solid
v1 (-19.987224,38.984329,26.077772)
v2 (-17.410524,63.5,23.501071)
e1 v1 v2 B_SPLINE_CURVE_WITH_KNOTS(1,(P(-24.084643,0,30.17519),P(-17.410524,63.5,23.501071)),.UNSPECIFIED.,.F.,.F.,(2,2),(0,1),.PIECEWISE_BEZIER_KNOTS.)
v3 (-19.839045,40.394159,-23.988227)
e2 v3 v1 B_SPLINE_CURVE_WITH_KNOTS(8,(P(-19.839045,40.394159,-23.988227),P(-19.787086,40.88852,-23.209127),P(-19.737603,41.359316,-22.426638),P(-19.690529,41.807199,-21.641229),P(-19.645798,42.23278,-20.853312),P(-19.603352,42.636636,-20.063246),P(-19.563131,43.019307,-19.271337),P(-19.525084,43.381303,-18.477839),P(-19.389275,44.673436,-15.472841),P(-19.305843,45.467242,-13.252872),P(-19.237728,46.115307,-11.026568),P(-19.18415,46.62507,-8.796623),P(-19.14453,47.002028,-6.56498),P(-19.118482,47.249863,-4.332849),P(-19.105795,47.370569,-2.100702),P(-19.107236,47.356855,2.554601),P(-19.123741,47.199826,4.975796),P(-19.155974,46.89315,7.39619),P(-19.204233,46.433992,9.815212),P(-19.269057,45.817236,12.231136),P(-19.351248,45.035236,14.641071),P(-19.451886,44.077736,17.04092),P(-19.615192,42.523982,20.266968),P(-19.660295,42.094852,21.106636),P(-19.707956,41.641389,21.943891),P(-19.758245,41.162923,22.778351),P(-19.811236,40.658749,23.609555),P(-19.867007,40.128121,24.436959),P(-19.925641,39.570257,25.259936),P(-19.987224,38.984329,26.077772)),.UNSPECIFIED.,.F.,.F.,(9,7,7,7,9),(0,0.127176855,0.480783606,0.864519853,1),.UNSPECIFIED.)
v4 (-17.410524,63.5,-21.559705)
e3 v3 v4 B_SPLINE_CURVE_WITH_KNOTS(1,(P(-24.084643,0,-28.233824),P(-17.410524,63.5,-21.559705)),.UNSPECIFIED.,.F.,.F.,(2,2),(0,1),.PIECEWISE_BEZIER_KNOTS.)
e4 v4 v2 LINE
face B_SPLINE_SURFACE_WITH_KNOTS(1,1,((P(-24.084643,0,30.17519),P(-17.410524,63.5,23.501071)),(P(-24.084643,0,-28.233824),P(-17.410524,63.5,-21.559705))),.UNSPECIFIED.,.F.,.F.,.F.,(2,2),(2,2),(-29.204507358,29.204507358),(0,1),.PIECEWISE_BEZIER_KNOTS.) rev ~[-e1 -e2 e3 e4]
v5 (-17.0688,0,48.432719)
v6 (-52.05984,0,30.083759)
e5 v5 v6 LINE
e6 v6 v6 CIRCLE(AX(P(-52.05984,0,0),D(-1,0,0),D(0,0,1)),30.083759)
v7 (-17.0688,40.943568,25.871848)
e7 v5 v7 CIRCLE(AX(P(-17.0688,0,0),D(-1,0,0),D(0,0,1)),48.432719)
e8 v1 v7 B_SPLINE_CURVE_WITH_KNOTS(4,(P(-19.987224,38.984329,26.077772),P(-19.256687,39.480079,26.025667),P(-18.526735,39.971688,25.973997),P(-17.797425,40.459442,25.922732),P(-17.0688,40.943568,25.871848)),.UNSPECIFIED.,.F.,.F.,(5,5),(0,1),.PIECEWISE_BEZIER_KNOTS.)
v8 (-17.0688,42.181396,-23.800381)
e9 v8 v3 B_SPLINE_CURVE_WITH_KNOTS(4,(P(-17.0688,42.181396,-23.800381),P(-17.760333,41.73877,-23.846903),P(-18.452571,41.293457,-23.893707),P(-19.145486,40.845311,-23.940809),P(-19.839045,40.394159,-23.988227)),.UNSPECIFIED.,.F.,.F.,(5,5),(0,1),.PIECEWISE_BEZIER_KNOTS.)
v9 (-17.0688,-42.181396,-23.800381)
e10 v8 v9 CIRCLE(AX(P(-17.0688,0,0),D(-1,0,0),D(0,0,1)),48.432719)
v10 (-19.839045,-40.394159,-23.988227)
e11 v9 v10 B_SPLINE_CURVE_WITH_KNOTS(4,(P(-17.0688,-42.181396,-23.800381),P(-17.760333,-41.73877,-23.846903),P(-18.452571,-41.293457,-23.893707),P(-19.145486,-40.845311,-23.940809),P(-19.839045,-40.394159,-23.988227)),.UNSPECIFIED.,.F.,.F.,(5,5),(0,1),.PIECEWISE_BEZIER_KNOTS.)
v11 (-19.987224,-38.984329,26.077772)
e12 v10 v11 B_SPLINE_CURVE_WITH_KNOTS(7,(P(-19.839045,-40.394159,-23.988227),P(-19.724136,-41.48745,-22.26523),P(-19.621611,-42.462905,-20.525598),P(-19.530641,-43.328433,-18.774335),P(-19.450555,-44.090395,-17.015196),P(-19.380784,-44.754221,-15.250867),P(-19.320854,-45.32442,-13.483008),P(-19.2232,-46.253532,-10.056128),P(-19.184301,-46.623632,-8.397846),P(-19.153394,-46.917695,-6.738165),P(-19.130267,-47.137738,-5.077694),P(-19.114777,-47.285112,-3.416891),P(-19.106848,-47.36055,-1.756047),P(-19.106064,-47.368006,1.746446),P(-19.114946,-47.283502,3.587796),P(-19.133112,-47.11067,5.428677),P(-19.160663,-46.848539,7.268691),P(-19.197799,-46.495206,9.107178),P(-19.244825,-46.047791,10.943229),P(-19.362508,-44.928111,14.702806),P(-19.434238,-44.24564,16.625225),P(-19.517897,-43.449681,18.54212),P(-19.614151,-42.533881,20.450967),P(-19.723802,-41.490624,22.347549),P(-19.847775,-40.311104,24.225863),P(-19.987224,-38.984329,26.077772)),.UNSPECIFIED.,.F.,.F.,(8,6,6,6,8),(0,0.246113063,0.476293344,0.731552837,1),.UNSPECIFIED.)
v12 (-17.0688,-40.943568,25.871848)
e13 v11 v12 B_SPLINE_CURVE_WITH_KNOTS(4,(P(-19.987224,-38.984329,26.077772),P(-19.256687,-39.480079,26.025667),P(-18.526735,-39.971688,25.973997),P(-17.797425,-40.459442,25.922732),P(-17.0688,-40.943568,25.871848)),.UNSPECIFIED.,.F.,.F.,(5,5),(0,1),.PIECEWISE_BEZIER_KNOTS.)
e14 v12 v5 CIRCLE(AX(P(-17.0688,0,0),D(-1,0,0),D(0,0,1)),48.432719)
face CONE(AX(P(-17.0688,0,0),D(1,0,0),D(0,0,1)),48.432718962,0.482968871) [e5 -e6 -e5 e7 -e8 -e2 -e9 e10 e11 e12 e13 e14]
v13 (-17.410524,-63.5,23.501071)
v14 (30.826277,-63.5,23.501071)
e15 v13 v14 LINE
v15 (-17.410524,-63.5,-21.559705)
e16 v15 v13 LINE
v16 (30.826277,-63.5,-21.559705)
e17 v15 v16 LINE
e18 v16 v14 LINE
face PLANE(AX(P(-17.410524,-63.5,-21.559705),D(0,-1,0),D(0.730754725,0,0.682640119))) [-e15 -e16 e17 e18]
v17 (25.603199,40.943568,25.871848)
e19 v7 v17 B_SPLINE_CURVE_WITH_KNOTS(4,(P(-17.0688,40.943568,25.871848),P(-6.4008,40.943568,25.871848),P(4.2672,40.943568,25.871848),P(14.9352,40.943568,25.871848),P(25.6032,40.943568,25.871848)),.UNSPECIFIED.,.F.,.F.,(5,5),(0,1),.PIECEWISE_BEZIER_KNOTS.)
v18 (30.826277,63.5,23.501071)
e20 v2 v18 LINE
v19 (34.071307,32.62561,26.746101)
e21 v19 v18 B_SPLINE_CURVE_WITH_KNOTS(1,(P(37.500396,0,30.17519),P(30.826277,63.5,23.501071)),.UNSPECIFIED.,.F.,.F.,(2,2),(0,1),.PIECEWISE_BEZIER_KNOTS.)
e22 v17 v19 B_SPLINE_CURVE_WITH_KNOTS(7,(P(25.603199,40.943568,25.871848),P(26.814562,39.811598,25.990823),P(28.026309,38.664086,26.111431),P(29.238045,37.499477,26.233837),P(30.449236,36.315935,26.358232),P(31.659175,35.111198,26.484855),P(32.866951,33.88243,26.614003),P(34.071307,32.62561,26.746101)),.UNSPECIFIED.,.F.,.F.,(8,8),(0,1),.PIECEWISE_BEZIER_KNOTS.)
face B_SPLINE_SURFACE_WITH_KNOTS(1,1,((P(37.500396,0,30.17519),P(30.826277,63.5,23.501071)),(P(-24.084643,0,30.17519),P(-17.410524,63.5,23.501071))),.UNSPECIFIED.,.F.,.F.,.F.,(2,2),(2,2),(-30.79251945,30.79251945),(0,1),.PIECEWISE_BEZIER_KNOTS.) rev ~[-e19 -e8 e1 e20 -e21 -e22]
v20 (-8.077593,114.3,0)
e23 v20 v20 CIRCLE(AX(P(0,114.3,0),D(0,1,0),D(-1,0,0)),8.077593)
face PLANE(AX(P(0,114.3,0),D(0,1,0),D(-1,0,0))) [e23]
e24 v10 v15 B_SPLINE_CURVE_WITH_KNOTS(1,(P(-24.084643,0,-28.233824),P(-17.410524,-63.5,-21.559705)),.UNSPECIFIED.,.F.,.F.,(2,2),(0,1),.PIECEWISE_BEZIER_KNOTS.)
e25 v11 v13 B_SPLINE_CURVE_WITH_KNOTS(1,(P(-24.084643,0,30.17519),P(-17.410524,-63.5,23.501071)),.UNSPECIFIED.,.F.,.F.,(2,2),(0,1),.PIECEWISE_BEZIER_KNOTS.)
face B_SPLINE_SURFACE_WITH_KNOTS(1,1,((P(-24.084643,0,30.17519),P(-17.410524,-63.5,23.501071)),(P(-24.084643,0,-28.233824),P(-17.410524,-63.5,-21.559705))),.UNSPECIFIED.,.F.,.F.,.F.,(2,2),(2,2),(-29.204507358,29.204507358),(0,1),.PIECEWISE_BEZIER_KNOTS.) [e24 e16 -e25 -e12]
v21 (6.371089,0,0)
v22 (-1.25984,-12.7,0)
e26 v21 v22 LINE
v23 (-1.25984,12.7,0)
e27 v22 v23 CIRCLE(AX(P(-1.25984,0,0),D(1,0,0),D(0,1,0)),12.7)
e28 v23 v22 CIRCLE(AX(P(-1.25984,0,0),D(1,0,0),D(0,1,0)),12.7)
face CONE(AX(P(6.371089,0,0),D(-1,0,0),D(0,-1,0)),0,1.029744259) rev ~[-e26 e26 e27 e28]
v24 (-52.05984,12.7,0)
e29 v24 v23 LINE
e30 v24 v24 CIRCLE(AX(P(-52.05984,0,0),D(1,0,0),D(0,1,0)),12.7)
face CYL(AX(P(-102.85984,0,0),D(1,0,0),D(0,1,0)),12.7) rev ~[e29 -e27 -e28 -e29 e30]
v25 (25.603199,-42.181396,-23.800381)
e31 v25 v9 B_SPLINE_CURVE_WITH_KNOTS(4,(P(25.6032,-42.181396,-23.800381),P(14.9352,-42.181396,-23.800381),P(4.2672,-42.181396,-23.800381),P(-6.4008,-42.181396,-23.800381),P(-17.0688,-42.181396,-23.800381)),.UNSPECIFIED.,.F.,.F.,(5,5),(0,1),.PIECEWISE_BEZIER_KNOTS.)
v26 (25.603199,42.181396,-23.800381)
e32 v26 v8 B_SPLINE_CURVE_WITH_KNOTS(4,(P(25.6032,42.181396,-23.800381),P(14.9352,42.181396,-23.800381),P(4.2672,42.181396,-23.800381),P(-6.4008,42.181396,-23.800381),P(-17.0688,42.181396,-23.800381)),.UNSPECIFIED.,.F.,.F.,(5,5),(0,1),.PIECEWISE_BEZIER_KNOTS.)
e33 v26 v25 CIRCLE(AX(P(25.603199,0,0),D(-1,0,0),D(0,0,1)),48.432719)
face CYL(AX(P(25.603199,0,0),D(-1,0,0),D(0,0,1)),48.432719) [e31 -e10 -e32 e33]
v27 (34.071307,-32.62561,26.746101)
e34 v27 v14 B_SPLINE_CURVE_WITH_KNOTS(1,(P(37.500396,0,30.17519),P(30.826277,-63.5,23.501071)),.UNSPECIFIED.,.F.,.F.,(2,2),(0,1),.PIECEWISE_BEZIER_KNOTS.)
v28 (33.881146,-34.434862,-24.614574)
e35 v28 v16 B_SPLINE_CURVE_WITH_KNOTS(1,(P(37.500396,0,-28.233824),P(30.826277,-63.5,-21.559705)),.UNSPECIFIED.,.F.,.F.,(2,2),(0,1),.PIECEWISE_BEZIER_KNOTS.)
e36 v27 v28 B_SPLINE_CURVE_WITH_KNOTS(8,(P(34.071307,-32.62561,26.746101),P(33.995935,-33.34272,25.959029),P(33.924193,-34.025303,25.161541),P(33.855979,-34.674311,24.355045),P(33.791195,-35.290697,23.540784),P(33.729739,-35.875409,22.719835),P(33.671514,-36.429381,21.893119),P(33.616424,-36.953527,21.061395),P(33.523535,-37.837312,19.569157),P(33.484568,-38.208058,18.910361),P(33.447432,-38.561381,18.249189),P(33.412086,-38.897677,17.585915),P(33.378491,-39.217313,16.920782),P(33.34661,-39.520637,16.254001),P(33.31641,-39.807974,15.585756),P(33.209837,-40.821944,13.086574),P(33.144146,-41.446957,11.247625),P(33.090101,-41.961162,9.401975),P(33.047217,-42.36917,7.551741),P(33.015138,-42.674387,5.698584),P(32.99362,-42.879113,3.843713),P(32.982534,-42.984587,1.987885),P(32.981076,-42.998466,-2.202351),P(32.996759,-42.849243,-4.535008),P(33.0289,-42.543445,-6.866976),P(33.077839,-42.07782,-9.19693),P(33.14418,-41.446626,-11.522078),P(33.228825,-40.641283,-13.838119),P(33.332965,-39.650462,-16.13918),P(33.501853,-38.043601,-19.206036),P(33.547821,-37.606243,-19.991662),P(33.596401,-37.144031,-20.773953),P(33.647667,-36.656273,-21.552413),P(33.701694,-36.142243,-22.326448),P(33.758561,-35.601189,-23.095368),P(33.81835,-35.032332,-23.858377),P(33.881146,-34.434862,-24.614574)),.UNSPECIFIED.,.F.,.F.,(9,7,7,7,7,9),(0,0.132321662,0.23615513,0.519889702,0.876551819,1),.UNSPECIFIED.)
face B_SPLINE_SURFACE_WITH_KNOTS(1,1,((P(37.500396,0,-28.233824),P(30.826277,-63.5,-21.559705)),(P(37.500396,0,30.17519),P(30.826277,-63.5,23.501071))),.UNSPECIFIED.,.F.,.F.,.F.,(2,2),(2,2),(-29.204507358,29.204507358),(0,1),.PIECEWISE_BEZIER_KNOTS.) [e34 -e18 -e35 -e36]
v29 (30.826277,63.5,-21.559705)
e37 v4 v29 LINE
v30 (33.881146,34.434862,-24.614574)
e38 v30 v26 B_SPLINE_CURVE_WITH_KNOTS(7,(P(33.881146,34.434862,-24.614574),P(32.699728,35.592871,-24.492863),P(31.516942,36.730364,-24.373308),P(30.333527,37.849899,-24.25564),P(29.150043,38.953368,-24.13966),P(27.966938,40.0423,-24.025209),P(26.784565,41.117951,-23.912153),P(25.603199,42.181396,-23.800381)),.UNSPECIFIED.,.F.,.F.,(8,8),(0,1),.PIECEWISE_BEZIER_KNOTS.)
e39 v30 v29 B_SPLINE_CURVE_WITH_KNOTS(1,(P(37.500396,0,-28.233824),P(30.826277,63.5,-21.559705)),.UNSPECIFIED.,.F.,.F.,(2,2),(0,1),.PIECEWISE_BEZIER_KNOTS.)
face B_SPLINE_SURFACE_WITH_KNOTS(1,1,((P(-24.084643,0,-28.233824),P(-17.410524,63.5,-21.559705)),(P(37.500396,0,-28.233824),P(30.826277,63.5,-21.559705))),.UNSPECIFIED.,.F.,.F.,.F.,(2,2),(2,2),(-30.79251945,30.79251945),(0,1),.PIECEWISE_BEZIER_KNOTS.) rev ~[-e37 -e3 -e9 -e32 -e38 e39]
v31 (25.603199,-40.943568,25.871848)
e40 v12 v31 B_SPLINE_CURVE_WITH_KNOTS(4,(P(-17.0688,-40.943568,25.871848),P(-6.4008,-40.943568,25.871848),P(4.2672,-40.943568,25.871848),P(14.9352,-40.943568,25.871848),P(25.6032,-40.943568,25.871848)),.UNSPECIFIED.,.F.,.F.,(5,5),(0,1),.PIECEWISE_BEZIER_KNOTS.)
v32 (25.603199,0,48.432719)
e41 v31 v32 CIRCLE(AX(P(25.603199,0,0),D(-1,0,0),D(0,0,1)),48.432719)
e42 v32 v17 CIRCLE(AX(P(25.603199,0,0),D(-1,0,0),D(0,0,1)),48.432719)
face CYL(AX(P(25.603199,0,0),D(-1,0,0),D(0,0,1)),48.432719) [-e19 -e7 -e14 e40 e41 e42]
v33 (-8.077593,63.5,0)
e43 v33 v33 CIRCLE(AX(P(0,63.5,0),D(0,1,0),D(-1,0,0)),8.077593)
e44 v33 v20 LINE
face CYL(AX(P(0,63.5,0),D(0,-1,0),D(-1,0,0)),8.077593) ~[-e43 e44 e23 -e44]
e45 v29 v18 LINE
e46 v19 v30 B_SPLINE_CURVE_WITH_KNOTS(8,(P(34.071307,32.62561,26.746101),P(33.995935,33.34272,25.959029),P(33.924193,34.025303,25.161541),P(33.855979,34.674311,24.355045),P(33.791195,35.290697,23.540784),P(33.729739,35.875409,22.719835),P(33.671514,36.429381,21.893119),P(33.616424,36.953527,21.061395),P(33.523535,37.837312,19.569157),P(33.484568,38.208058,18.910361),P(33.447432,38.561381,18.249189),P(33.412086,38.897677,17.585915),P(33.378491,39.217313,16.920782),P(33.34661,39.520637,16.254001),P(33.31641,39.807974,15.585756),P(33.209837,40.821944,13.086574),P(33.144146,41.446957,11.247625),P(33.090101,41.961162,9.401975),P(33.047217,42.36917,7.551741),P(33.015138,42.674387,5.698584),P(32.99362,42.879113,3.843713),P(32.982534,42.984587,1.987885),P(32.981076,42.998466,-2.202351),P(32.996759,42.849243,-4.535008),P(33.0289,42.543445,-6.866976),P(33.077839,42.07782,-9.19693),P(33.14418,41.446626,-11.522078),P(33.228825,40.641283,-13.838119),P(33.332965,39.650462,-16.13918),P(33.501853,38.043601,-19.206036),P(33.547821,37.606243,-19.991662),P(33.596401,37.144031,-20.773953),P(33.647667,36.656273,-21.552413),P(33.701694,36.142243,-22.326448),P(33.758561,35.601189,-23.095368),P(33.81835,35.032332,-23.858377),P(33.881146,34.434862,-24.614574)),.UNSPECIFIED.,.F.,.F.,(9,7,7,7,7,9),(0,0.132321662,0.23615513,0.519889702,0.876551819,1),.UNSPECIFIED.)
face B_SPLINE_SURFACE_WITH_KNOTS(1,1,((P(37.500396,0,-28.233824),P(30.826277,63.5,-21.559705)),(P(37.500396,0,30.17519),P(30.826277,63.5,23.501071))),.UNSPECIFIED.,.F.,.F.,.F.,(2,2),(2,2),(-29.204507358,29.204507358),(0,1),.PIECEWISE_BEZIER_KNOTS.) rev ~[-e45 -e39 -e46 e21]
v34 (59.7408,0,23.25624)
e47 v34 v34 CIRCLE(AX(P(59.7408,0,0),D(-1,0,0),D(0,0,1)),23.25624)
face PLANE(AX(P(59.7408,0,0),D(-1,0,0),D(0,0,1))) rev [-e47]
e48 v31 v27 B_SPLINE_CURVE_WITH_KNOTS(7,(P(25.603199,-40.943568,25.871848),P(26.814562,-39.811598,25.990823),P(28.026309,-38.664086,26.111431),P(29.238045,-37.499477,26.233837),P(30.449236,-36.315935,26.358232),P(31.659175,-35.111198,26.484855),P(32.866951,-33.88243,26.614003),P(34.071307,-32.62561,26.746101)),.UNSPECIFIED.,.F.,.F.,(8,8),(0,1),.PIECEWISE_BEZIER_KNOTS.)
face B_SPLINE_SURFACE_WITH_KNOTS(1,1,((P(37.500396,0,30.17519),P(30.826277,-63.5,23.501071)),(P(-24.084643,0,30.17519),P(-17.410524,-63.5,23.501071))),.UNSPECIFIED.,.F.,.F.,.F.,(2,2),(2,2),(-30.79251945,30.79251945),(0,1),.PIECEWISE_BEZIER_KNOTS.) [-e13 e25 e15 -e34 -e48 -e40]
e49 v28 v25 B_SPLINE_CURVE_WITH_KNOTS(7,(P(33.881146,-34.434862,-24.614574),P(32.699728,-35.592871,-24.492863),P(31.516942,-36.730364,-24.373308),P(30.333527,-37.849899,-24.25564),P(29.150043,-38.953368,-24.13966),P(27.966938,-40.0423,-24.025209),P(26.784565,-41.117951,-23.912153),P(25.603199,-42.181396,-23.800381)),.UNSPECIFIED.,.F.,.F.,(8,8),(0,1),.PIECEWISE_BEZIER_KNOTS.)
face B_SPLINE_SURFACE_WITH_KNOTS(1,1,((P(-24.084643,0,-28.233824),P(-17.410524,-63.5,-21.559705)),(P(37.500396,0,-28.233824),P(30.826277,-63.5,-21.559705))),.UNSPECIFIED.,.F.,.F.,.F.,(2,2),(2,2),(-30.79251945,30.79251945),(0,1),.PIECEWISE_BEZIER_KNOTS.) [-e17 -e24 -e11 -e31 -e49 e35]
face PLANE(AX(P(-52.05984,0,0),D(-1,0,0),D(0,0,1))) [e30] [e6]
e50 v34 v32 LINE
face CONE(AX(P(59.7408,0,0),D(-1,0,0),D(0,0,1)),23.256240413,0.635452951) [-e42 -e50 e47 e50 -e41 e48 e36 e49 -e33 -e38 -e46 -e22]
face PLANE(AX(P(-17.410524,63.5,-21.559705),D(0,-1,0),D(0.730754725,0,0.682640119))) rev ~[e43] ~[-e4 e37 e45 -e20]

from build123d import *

# Parameters (mm, degrees)
F0_W     = 61.5850389004
F0_H     = 58.4090147167
F1_DEPTH = 63.5
F1_TAPER = 6
F2_R     = 8.0775927696
F3_DEPTH = 50.8
F7_D     = 25.4
F7_DEPTH = 50.8
F7_TIP   = 7.6309298617


with BuildPart() as f1:
    # F0 (on Front) → F1 (new body, symmetric)
    with BuildSketch(Plane.XZ):
        with Locations((6.7078769207, 0.9706830606)):
            Rectangle(F0_W, F0_H)
    extrude(amount=F1_DEPTH, both=True, taper=F1_TAPER)

    # F2 (on face) → F3 (join)
    with BuildSketch(Plane(origin=(0, 63.5, 0), x_dir=(-1, 0, 0), z_dir=(0, 1, 0))):
        Circle(F2_R)
    extrude(amount=F3_DEPTH)

    # F4 (on Front) → F5 (revolve)
    with BuildSketch(Plane.XZ):
        Polygon((-52.0598404109, 0), (59.7408004105, 0), (59.7408004105, 23.2562404126), (25.6031993777, 48.4327189624), (-17.0687995851, 48.4327189624), (-52.0598404109, 30.0837587565), align=None)
    revolve(axis=Axis((3.8404799998, 0, 0), (-1, 0, 0)))

    # F7
    with Locations(Plane(origin=(-52.0598404109, 0, 0), x_dir=(0, -1, 0), z_dir=(-1, 0, 0))):
        with Locations((0, 0)):
            Hole(F7_D / 2, depth=F7_DEPTH)
            with Locations((0, 0, -(F7_DEPTH + F7_TIP / 2))):  # 118° drill point
                Cone(0, F7_D / 2, F7_TIP, mode=Mode.SUBTRACT)


solid = f1.part
